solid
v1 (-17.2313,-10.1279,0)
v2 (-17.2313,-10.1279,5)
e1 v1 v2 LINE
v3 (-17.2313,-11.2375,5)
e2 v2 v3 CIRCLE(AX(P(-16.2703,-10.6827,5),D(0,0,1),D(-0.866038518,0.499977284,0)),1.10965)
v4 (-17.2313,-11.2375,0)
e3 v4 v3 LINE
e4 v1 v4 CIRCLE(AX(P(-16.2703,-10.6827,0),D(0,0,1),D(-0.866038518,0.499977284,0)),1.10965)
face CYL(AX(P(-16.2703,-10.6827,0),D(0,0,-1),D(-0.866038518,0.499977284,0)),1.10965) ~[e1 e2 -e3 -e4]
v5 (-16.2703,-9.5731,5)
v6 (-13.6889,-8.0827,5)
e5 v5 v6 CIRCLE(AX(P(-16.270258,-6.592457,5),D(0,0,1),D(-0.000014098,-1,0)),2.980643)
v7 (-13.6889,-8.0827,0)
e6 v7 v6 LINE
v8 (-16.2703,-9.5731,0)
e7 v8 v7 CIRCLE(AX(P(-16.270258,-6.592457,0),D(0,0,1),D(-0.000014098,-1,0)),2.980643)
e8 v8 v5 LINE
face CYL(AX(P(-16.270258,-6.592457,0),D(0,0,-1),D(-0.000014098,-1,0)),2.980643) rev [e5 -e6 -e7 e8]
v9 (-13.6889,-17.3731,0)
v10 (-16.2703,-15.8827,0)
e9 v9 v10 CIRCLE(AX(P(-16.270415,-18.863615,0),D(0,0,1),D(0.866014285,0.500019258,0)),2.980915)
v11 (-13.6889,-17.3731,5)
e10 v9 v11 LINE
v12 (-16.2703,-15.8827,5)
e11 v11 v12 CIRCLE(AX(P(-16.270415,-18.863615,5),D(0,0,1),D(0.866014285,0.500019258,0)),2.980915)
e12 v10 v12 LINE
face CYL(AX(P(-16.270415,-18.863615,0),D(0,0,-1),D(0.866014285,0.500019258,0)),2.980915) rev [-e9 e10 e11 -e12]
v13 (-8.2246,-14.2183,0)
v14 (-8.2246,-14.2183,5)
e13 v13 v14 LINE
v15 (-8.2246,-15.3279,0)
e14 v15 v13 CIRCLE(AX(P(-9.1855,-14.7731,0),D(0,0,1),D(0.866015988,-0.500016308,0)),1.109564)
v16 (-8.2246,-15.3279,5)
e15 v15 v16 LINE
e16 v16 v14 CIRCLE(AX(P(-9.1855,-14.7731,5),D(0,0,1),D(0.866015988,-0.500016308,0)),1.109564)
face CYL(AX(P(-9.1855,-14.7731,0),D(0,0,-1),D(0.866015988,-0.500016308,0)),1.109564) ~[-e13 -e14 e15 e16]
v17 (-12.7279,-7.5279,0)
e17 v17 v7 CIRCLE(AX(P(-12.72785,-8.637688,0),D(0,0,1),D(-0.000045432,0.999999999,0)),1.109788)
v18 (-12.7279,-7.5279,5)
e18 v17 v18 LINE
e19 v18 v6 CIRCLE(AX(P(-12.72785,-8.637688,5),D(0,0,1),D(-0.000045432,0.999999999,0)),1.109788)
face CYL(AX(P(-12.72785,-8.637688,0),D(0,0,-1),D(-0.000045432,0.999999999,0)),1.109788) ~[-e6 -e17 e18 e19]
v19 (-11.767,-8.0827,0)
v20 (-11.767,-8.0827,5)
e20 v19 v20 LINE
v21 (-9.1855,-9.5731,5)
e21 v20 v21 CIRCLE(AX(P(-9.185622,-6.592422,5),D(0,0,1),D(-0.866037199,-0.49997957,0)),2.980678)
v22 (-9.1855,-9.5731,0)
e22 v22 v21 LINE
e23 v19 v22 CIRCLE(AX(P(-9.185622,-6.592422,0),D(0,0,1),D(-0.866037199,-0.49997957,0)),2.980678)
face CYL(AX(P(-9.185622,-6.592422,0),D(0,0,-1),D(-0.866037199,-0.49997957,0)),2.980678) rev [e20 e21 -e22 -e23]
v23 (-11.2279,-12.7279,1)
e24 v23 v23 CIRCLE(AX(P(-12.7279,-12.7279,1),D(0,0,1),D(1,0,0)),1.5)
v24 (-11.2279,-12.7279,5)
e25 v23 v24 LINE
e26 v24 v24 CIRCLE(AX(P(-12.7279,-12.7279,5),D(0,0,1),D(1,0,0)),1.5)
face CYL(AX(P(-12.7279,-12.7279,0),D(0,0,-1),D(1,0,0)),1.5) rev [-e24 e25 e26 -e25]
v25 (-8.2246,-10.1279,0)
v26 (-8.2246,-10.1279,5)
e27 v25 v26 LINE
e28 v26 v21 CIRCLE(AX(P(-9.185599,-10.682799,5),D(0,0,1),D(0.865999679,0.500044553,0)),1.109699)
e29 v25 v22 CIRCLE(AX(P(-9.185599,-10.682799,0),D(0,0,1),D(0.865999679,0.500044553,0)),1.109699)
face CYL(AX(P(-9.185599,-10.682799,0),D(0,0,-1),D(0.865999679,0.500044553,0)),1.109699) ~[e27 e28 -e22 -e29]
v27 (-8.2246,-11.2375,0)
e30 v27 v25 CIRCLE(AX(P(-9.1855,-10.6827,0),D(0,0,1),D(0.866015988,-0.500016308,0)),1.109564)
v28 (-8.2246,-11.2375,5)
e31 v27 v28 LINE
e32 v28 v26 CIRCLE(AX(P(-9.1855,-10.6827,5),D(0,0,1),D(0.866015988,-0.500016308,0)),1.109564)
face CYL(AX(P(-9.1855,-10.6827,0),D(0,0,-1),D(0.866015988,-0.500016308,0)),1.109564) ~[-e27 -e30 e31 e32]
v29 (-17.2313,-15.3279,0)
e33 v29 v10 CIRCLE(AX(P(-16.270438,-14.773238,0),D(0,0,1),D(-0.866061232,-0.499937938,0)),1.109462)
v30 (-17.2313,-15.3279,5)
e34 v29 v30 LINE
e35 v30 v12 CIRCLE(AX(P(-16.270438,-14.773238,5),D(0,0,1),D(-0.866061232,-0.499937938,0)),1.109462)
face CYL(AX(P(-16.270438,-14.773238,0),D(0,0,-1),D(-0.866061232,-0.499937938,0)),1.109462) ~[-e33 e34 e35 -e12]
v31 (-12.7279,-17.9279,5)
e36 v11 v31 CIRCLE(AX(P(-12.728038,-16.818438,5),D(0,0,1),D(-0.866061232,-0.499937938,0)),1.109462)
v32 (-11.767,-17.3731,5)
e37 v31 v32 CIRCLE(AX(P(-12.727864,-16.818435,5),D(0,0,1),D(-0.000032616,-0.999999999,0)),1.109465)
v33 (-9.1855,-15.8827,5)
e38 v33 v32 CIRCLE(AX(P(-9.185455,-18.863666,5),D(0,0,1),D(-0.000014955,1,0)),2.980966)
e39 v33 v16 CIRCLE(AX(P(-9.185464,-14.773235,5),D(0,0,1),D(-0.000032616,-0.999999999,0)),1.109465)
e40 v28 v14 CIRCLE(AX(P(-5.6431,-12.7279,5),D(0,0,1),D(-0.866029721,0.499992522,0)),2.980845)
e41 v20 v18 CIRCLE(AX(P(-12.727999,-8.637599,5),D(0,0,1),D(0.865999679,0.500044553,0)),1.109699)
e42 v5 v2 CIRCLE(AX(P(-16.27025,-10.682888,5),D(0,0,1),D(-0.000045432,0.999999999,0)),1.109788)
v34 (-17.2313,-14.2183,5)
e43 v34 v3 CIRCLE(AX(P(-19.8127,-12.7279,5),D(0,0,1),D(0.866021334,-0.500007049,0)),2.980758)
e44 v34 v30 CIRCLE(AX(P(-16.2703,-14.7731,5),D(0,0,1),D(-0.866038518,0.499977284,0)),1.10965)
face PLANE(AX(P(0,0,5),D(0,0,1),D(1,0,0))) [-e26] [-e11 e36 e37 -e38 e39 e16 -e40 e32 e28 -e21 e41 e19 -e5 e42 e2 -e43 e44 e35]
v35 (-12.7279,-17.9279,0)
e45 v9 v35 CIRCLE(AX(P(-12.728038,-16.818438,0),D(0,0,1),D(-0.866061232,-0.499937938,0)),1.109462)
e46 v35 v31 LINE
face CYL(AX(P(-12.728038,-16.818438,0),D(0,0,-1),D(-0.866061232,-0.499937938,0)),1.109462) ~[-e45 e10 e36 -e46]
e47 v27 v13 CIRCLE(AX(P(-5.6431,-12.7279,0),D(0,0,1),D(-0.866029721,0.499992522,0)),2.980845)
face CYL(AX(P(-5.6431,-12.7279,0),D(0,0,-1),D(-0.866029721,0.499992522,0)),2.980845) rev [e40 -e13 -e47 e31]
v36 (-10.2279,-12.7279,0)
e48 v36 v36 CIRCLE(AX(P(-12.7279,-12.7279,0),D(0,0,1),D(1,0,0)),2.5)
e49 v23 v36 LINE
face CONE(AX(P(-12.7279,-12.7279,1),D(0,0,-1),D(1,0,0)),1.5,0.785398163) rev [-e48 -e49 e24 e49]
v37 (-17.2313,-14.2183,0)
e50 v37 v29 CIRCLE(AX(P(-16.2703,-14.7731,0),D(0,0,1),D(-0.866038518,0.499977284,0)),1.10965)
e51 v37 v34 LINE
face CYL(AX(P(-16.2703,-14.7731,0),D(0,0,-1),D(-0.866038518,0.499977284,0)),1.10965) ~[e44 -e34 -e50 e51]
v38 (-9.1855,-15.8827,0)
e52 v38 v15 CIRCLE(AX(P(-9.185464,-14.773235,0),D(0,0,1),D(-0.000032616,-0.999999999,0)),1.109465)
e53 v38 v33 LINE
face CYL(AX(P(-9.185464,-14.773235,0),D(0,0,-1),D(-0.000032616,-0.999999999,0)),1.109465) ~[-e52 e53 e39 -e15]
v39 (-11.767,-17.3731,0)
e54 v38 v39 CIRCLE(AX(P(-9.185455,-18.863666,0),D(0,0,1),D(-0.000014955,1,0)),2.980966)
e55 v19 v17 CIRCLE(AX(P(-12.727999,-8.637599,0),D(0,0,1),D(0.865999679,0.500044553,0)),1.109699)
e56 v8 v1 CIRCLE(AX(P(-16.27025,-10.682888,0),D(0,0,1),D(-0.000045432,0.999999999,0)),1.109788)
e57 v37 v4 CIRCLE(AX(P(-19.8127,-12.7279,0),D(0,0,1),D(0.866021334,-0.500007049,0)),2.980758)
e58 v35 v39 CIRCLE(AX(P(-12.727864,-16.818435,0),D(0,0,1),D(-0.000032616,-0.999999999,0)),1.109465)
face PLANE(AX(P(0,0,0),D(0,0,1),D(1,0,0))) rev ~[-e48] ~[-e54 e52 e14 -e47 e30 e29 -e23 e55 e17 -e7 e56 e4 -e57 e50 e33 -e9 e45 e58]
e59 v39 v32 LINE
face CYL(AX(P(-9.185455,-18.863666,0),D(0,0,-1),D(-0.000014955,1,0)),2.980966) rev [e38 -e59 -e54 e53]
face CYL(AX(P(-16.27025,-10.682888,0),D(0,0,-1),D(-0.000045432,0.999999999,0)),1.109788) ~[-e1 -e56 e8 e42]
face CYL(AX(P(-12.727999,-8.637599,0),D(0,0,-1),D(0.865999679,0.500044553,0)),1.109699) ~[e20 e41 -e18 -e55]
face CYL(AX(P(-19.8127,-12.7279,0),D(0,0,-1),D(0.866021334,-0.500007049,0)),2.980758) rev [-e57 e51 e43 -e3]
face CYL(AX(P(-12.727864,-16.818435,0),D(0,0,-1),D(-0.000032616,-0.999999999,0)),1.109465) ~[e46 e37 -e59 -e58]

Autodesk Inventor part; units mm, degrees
ref_plane "YZ Plane" through (0, 0, 0) normal (1, 0, 0) x (0, 1, 0)
ref_plane "XZ Plane" through (0, 0, 0) normal (0, 1, 0) x (-1, 0, 0)
ref_plane "XY Plane" through (0, 0, 0) normal (0, 0, 1) x (1, 0, 0)
sketch "スケッチ1" plane through (0, 0, 0) normal (0, 0, 1) x (1, 0, 0)
  arc A0 (-16.2703, -9.5731) -> (-13.6889, -8.0827) centre (-16.2703, -6.5923) ccw
  arc A1 (-16.2703, -9.5731) -> (-17.2313, -10.1279) centre (-16.2703, -10.6827) ccw
  arc A2 (-17.2313, -10.1279) -> (-17.2313, -11.2375) centre (-16.2703, -10.6827) ccw
  arc A3 (-17.2313, -14.2183) -> (-17.2313, -11.2375) centre (-19.8127, -12.7279) ccw
  arc A4 (-17.2313, -14.2183) -> (-17.2313, -15.3279) centre (-16.2703, -14.7731) ccw
  arc A5 (-17.2313, -15.3279) -> (-16.2703, -15.8827) centre (-16.2703, -14.7731) ccw
  arc A6 (-13.6889, -17.3731) -> (-16.2703, -15.8827) centre (-16.2703, -18.8635) ccw
  arc A7 (-13.6889, -17.3731) -> (-12.7279, -17.9279) centre (-12.7279, -16.8183) ccw
  arc A8 (-12.7279, -17.9279) -> (-11.767, -17.3731) centre (-12.7279, -16.8183) ccw
  arc A9 (-9.1855, -15.8827) -> (-11.767, -17.3731) centre (-9.1855, -18.8635) ccw
  arc A10 (-9.1855, -15.8827) -> (-8.2246, -15.3279) centre (-9.1855, -14.7731) ccw
  arc A11 (-8.2246, -15.3279) -> (-8.2246, -14.2183) centre (-9.1855, -14.7731) ccw
  arc A12 (-8.2246, -11.2375) -> (-8.2246, -14.2183) centre (-5.6431, -12.7279) ccw
  arc A13 (-8.2246, -11.2375) -> (-8.2246, -10.1279) centre (-9.1855, -10.6827) ccw
  arc A14 (-8.2246, -10.1279) -> (-9.1855, -9.5731) centre (-9.1855, -10.6827) ccw
  arc A15 (-11.767, -8.0827) -> (-9.1855, -9.5731) centre (-9.1855, -6.5923) ccw
  arc A16 (-11.767, -8.0827) -> (-12.7279, -7.5279) centre (-12.7279, -8.6375) ccw
  arc A17 (-12.7279, -7.5279) -> (-13.6889, -8.0827) centre (-12.7279, -8.6375) ccw
  circle A18 centre (-12.7279, -12.7279) radius 1.5 construction
  circle A19 centre (-12.7279, -12.7279) radius 1.5
  circle A20 centre (-12.7279, -12.7279) radius 6
  point P0 (0, 0)
  point P1 (0, 0)
  dimension "d0" = 3
extrude "押し出し1" add sketch "スケッチ1" along normal blind 5 contours A0 A17 A16 A15 A14 A13 A12 A11 A10 A9 A8 A7 A6 A5 A4 A3 A2 A1
chamfer "面取り1" distance 1 angle 45 1 edges at (-14.2279, -12.7279, 0)
sketch "書きだし" plane through (0, 0, 5) normal (0, 0, 1) x (1, 0, 0)
  arc A0 (-17.2313, -14.2183) -> (-16.2703, -15.8827) centre (-16.2703, -14.7731) ccw projected
  arc A1 (-13.6889, -17.3731) -> (-16.2703, -15.8827) centre (-16.2703, -18.8635) ccw projected
  arc A2 (-13.6889, -17.3731) -> (-11.767, -17.3731) centre (-12.7279, -16.8183) ccw projected
  arc A3 (-9.1855, -15.8827) -> (-11.767, -17.3731) centre (-9.1855, -18.8635) ccw projected
  arc A4 (-9.1855, -15.8827) -> (-8.2246, -14.2183) centre (-9.1855, -14.7731) ccw projected
  arc A5 (-8.2246, -11.2375) -> (-8.2246, -14.2183) centre (-5.6431, -12.7279) ccw projected
  arc A6 (-8.2246, -11.2375) -> (-9.1855, -9.5731) centre (-9.1855, -10.6827) ccw projected
  arc A7 (-11.767, -8.0827) -> (-9.1855, -9.5731) centre (-9.1855, -6.5923) ccw projected
  arc A8 (-11.767, -8.0827) -> (-13.6889, -8.0827) centre (-12.7279, -8.6375) ccw projected
  arc A9 (-16.2703, -9.5731) -> (-13.6889, -8.0827) centre (-16.2703, -6.5923) ccw projected
  arc A10 (-16.2703, -9.5731) -> (-17.2313, -11.2375) centre (-16.2703, -10.6827) ccw projected
  arc A11 (-17.2313, -14.2183) -> (-17.2313, -11.2375) centre (-19.8127, -12.7279) ccw projected
  circle A12 centre (-12.7279, -12.7279) radius 1.5 projected
  point P0 (0, 0)
properties part number "原動節接続部v2内-2" material "アルミニウム 2014-T4"
